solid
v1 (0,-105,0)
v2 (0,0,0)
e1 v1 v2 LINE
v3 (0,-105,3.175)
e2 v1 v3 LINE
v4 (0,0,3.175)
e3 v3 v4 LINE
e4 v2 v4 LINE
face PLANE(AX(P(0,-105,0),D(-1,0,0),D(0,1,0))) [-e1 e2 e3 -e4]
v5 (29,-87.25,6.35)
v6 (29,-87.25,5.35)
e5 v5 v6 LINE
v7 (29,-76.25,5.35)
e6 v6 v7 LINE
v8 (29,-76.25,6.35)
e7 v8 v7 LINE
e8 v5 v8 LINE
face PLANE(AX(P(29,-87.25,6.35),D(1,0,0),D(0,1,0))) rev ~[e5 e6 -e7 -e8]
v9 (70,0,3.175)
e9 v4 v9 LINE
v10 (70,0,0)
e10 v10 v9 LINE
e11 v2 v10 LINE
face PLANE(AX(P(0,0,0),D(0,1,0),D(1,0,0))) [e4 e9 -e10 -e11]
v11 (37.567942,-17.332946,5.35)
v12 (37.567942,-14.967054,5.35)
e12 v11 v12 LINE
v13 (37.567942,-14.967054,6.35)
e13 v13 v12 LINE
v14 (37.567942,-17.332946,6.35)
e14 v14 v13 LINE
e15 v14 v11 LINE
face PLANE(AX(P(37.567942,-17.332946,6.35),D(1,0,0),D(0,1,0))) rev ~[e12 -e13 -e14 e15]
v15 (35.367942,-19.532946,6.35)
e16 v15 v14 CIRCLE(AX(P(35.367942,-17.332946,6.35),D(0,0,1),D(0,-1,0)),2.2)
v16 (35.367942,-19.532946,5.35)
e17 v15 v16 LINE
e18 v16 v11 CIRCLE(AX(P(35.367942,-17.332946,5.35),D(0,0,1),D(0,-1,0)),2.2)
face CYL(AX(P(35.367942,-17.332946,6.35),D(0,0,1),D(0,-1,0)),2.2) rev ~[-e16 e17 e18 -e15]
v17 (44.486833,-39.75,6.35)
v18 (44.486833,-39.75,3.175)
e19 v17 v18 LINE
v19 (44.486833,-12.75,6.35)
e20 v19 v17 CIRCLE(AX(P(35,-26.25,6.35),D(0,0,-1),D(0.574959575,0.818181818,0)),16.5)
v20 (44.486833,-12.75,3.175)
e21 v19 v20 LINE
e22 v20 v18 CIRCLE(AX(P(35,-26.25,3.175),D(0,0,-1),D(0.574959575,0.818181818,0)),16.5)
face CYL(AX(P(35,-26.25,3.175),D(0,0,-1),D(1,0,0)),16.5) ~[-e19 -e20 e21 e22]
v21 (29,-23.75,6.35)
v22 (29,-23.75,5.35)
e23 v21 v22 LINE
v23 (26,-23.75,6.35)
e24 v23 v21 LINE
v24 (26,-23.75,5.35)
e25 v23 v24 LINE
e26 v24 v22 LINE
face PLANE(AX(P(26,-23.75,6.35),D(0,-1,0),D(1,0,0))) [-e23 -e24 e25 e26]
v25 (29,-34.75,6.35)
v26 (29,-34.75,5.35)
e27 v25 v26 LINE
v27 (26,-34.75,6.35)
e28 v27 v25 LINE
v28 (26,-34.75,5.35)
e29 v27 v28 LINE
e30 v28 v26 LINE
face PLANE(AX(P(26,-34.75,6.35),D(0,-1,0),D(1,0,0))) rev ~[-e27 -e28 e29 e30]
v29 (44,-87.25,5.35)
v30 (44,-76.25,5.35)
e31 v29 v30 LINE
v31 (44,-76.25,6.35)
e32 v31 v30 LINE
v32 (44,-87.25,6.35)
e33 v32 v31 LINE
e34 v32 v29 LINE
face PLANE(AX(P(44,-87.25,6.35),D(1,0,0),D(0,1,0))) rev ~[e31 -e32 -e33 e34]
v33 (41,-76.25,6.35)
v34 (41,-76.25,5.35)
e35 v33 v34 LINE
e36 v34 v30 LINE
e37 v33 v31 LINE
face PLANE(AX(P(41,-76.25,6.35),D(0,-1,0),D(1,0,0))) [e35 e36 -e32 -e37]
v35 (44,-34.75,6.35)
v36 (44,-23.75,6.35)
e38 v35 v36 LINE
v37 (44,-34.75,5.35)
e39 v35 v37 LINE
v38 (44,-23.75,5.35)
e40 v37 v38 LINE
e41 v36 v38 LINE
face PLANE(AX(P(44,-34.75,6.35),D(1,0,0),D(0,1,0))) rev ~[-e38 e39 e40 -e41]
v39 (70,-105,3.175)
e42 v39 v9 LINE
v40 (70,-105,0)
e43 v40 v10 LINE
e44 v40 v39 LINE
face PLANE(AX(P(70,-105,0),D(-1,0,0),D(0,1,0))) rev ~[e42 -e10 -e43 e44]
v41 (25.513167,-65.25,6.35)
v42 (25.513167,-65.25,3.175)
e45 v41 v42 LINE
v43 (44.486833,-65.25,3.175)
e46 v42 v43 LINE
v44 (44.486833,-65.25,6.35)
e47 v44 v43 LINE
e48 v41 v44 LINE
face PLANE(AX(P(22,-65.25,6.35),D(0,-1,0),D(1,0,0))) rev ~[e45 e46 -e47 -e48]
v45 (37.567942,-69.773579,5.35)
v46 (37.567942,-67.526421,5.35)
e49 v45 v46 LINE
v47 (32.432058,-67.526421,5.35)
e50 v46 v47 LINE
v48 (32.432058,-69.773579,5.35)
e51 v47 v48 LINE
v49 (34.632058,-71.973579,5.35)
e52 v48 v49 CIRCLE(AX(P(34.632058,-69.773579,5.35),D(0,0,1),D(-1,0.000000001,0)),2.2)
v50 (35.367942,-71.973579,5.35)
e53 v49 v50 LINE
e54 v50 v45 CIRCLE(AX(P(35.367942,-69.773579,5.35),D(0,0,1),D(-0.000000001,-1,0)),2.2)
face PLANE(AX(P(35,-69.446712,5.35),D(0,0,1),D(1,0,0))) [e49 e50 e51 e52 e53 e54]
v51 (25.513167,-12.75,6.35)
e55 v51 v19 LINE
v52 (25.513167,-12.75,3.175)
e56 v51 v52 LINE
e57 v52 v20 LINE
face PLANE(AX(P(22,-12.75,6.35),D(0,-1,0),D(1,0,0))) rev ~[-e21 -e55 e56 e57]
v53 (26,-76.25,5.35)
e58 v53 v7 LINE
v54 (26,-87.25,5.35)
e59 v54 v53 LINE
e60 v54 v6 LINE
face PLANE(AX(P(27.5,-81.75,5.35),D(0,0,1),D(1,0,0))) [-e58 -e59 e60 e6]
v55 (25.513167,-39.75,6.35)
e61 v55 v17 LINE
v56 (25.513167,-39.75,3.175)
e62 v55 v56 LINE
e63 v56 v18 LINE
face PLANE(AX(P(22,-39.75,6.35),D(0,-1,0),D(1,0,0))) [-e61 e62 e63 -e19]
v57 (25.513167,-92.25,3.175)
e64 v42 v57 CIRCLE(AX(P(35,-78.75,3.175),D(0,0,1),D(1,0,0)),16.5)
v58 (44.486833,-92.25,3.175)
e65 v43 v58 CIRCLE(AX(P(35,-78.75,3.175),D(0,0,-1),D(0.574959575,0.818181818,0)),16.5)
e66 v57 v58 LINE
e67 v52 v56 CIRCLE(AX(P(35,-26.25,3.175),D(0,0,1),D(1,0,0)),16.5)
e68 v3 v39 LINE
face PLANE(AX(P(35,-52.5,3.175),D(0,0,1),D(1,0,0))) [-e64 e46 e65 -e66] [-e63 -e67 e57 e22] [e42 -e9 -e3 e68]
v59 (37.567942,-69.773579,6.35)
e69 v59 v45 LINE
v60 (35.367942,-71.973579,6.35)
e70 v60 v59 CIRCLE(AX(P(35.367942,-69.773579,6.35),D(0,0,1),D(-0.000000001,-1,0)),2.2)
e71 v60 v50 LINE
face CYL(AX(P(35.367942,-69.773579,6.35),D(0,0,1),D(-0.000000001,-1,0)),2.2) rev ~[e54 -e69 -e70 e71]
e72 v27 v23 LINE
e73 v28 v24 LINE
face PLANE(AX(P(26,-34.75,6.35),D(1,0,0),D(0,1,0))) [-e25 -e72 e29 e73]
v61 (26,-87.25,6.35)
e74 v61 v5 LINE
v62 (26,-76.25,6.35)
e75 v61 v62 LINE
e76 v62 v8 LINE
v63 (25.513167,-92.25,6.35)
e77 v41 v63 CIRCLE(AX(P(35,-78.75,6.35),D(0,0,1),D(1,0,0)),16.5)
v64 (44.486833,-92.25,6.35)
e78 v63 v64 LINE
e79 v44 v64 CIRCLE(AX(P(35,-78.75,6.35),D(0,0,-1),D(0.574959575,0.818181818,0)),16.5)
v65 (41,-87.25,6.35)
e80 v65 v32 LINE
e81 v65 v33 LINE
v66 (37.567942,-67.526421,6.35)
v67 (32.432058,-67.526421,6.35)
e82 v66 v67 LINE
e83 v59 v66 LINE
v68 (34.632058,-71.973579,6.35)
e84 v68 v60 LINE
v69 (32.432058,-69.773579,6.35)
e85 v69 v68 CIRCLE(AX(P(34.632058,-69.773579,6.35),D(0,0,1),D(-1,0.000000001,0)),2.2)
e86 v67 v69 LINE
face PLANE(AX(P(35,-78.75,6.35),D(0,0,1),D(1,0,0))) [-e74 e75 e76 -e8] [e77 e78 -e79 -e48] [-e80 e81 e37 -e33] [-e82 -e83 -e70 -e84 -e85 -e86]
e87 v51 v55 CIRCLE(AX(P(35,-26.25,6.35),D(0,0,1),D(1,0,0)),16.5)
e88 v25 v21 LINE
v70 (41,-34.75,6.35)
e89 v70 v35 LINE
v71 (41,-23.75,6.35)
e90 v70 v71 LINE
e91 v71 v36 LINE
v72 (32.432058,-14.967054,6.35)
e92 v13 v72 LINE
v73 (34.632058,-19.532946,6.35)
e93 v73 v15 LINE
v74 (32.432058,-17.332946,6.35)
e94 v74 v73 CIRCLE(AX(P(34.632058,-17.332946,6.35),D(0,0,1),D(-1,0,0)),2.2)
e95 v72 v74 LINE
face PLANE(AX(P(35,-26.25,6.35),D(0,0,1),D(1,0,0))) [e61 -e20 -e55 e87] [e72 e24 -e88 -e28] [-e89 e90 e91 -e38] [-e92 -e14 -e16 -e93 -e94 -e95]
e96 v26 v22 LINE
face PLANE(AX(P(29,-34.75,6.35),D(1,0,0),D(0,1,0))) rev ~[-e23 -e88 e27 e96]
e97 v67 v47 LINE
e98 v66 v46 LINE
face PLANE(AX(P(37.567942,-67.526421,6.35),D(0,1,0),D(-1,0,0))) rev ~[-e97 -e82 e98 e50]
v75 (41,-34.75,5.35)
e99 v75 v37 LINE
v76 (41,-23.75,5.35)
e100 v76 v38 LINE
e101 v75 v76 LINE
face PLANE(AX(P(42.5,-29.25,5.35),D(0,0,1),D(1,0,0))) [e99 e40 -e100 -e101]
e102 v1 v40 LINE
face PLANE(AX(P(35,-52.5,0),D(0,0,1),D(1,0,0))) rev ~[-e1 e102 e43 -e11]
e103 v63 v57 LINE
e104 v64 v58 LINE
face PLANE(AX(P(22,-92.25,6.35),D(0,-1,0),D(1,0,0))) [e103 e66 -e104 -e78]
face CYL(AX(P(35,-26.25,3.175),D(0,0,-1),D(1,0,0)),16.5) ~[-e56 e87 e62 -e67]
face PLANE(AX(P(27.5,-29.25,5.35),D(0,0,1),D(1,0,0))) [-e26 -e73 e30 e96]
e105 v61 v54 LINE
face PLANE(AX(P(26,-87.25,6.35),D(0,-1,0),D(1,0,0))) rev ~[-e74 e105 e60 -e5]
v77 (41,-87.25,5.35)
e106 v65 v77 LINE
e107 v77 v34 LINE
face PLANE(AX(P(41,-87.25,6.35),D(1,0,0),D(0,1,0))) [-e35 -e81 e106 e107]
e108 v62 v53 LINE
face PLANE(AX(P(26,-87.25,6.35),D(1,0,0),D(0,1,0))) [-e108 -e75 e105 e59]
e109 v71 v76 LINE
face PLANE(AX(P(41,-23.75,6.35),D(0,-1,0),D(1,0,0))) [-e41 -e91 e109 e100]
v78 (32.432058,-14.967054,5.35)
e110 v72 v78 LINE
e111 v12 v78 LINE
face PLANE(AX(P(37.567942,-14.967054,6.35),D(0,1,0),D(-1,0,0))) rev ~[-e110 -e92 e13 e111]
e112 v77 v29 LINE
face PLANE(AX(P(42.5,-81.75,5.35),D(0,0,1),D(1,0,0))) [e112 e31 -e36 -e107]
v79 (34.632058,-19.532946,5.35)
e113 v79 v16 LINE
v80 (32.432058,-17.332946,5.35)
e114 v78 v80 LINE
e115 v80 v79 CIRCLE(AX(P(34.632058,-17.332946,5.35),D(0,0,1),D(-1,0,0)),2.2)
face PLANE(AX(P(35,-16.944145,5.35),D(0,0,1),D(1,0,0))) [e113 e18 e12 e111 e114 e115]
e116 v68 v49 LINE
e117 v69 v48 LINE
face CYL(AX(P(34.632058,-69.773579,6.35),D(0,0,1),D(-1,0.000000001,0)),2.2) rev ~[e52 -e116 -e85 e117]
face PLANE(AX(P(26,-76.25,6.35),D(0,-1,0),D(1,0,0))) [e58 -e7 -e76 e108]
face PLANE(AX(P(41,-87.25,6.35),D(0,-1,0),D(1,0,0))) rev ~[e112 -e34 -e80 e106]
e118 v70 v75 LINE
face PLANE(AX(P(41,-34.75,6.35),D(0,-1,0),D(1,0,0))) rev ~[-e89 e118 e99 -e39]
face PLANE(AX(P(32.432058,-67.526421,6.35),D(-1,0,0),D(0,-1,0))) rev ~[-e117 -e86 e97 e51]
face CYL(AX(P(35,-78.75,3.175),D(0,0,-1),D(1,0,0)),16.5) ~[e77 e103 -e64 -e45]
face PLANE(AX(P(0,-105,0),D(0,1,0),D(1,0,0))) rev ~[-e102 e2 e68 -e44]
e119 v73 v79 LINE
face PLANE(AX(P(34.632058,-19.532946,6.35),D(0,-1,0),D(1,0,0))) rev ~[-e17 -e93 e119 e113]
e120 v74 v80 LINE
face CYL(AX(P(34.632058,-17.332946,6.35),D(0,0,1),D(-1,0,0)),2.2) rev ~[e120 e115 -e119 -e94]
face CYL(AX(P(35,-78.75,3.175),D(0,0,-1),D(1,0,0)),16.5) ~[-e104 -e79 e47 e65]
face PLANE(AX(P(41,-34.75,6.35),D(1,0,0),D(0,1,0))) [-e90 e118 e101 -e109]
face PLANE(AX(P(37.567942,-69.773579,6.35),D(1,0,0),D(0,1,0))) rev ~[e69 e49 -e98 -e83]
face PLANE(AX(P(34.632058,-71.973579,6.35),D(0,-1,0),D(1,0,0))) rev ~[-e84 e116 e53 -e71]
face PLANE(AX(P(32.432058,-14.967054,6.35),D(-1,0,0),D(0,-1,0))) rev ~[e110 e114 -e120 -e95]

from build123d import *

# Parameters (mm, degrees)
CROQUIS1_W              = 70
CROQUIS1_H              = 105
SALIENTE_EXTRUIR1_DEPTH = 3.175
CROQUIS2_R              = 16.5
SALIENTE_EXTRUIR2_DEPTH = 3.175
CROQUIS3_W              = 26
CROQUIS3_H              = 6
CORTAR_EXTRUIR1_DEPTH   = 3.175
CROQUIS4_W              = 3
CROQUIS4_H              = 11
CORTAR_EXTRUIR2_DEPTH   = 1


with BuildPart() as part:
    # Croquis1 → Saliente-Extruir1 (new body)
    with BuildSketch(Plane.XY):
        with Locations((35, -52.5)):
            Rectangle(CROQUIS1_W, CROQUIS1_H)
    extrude(amount=SALIENTE_EXTRUIR1_DEPTH)

    # Croquis2 → Saliente-Extruir2 (add)
    with BuildSketch(Plane.XY.offset(3.175)):
        with Locations((35, -26.25)):
            Circle(CROQUIS2_R)
        with Locations((35, -78.75)):
            Circle(CROQUIS2_R)
    extrude(amount=SALIENTE_EXTRUIR2_DEPTH)

    # Croquis3 → Cortar-Extruir1 (cut)
    with BuildSketch(Plane.XY.offset(6.35)):
        with Locations((35, -9.75)):
            Rectangle(CROQUIS3_W, CROQUIS3_H)
        with Locations((35, -42.75)):
            Rectangle(CROQUIS3_W, CROQUIS3_H)
        with Locations((35, -62.25)):
            Rectangle(CROQUIS3_W, CROQUIS3_H)
        with Locations((35, -95.25)):
            Rectangle(CROQUIS3_W, CROQUIS3_H)
    extrude(amount=-CORTAR_EXTRUIR1_DEPTH, mode=Mode.SUBTRACT)

    # Croquis4 → Cortar-Extruir2 (cut)
    with BuildSketch(Plane.XY.offset(6.35)):
        with Locations((27.5, -29.25)):
            Rectangle(CROQUIS4_W, CROQUIS4_H)
        with Locations((42.5, -29.25)):
            Rectangle(CROQUIS4_W, CROQUIS4_H)
        with BuildLine():
            Line((34.632057675, -19.532945654), (35.367942325, -19.532945654))
            ThreePointArc((35.367942325, -19.532945654), (36.923577244, -18.888580572), (37.567942325, -17.332945654))
            Line((37.567942325, -17.332945654), (37.567942325, -14.967054346))
            Line((37.567942325, -14.967054346), (32.432057675, -14.967054346))
            Line((32.432057675, -14.967054346), (32.432057675, -17.332945654))
            ThreePointArc((32.432057675, -17.332945654), (33.076422756, -18.888580572), (34.632057675, -19.532945654))
        make_face()
        with Locations((42.5, -81.75)):
            Rectangle(CROQUIS4_W, CROQUIS4_H)
        with Locations((27.5, -81.75)):
            Rectangle(CROQUIS4_W, CROQUIS4_H)
        with BuildLine():
            Line((34.632057675, -71.973579429), (35.367942325, -71.973579429))
            ThreePointArc((35.367942325, -71.973579429), (36.923577244, -71.329214348), (37.567942325, -69.773579429))
            Line((37.567942325, -69.773579429), (37.567942325, -67.526420571))
            Line((37.567942325, -67.526420571), (32.432057675, -67.526420571))
            Line((32.432057675, -67.526420571), (32.432057675, -69.773579429))
            ThreePointArc((32.432057675, -69.773579429), (33.076422756, -71.329214348), (34.632057675, -71.973579429))
        make_face()
    extrude(amount=-CORTAR_EXTRUIR2_DEPTH, mode=Mode.SUBTRACT)


solid = part.part
